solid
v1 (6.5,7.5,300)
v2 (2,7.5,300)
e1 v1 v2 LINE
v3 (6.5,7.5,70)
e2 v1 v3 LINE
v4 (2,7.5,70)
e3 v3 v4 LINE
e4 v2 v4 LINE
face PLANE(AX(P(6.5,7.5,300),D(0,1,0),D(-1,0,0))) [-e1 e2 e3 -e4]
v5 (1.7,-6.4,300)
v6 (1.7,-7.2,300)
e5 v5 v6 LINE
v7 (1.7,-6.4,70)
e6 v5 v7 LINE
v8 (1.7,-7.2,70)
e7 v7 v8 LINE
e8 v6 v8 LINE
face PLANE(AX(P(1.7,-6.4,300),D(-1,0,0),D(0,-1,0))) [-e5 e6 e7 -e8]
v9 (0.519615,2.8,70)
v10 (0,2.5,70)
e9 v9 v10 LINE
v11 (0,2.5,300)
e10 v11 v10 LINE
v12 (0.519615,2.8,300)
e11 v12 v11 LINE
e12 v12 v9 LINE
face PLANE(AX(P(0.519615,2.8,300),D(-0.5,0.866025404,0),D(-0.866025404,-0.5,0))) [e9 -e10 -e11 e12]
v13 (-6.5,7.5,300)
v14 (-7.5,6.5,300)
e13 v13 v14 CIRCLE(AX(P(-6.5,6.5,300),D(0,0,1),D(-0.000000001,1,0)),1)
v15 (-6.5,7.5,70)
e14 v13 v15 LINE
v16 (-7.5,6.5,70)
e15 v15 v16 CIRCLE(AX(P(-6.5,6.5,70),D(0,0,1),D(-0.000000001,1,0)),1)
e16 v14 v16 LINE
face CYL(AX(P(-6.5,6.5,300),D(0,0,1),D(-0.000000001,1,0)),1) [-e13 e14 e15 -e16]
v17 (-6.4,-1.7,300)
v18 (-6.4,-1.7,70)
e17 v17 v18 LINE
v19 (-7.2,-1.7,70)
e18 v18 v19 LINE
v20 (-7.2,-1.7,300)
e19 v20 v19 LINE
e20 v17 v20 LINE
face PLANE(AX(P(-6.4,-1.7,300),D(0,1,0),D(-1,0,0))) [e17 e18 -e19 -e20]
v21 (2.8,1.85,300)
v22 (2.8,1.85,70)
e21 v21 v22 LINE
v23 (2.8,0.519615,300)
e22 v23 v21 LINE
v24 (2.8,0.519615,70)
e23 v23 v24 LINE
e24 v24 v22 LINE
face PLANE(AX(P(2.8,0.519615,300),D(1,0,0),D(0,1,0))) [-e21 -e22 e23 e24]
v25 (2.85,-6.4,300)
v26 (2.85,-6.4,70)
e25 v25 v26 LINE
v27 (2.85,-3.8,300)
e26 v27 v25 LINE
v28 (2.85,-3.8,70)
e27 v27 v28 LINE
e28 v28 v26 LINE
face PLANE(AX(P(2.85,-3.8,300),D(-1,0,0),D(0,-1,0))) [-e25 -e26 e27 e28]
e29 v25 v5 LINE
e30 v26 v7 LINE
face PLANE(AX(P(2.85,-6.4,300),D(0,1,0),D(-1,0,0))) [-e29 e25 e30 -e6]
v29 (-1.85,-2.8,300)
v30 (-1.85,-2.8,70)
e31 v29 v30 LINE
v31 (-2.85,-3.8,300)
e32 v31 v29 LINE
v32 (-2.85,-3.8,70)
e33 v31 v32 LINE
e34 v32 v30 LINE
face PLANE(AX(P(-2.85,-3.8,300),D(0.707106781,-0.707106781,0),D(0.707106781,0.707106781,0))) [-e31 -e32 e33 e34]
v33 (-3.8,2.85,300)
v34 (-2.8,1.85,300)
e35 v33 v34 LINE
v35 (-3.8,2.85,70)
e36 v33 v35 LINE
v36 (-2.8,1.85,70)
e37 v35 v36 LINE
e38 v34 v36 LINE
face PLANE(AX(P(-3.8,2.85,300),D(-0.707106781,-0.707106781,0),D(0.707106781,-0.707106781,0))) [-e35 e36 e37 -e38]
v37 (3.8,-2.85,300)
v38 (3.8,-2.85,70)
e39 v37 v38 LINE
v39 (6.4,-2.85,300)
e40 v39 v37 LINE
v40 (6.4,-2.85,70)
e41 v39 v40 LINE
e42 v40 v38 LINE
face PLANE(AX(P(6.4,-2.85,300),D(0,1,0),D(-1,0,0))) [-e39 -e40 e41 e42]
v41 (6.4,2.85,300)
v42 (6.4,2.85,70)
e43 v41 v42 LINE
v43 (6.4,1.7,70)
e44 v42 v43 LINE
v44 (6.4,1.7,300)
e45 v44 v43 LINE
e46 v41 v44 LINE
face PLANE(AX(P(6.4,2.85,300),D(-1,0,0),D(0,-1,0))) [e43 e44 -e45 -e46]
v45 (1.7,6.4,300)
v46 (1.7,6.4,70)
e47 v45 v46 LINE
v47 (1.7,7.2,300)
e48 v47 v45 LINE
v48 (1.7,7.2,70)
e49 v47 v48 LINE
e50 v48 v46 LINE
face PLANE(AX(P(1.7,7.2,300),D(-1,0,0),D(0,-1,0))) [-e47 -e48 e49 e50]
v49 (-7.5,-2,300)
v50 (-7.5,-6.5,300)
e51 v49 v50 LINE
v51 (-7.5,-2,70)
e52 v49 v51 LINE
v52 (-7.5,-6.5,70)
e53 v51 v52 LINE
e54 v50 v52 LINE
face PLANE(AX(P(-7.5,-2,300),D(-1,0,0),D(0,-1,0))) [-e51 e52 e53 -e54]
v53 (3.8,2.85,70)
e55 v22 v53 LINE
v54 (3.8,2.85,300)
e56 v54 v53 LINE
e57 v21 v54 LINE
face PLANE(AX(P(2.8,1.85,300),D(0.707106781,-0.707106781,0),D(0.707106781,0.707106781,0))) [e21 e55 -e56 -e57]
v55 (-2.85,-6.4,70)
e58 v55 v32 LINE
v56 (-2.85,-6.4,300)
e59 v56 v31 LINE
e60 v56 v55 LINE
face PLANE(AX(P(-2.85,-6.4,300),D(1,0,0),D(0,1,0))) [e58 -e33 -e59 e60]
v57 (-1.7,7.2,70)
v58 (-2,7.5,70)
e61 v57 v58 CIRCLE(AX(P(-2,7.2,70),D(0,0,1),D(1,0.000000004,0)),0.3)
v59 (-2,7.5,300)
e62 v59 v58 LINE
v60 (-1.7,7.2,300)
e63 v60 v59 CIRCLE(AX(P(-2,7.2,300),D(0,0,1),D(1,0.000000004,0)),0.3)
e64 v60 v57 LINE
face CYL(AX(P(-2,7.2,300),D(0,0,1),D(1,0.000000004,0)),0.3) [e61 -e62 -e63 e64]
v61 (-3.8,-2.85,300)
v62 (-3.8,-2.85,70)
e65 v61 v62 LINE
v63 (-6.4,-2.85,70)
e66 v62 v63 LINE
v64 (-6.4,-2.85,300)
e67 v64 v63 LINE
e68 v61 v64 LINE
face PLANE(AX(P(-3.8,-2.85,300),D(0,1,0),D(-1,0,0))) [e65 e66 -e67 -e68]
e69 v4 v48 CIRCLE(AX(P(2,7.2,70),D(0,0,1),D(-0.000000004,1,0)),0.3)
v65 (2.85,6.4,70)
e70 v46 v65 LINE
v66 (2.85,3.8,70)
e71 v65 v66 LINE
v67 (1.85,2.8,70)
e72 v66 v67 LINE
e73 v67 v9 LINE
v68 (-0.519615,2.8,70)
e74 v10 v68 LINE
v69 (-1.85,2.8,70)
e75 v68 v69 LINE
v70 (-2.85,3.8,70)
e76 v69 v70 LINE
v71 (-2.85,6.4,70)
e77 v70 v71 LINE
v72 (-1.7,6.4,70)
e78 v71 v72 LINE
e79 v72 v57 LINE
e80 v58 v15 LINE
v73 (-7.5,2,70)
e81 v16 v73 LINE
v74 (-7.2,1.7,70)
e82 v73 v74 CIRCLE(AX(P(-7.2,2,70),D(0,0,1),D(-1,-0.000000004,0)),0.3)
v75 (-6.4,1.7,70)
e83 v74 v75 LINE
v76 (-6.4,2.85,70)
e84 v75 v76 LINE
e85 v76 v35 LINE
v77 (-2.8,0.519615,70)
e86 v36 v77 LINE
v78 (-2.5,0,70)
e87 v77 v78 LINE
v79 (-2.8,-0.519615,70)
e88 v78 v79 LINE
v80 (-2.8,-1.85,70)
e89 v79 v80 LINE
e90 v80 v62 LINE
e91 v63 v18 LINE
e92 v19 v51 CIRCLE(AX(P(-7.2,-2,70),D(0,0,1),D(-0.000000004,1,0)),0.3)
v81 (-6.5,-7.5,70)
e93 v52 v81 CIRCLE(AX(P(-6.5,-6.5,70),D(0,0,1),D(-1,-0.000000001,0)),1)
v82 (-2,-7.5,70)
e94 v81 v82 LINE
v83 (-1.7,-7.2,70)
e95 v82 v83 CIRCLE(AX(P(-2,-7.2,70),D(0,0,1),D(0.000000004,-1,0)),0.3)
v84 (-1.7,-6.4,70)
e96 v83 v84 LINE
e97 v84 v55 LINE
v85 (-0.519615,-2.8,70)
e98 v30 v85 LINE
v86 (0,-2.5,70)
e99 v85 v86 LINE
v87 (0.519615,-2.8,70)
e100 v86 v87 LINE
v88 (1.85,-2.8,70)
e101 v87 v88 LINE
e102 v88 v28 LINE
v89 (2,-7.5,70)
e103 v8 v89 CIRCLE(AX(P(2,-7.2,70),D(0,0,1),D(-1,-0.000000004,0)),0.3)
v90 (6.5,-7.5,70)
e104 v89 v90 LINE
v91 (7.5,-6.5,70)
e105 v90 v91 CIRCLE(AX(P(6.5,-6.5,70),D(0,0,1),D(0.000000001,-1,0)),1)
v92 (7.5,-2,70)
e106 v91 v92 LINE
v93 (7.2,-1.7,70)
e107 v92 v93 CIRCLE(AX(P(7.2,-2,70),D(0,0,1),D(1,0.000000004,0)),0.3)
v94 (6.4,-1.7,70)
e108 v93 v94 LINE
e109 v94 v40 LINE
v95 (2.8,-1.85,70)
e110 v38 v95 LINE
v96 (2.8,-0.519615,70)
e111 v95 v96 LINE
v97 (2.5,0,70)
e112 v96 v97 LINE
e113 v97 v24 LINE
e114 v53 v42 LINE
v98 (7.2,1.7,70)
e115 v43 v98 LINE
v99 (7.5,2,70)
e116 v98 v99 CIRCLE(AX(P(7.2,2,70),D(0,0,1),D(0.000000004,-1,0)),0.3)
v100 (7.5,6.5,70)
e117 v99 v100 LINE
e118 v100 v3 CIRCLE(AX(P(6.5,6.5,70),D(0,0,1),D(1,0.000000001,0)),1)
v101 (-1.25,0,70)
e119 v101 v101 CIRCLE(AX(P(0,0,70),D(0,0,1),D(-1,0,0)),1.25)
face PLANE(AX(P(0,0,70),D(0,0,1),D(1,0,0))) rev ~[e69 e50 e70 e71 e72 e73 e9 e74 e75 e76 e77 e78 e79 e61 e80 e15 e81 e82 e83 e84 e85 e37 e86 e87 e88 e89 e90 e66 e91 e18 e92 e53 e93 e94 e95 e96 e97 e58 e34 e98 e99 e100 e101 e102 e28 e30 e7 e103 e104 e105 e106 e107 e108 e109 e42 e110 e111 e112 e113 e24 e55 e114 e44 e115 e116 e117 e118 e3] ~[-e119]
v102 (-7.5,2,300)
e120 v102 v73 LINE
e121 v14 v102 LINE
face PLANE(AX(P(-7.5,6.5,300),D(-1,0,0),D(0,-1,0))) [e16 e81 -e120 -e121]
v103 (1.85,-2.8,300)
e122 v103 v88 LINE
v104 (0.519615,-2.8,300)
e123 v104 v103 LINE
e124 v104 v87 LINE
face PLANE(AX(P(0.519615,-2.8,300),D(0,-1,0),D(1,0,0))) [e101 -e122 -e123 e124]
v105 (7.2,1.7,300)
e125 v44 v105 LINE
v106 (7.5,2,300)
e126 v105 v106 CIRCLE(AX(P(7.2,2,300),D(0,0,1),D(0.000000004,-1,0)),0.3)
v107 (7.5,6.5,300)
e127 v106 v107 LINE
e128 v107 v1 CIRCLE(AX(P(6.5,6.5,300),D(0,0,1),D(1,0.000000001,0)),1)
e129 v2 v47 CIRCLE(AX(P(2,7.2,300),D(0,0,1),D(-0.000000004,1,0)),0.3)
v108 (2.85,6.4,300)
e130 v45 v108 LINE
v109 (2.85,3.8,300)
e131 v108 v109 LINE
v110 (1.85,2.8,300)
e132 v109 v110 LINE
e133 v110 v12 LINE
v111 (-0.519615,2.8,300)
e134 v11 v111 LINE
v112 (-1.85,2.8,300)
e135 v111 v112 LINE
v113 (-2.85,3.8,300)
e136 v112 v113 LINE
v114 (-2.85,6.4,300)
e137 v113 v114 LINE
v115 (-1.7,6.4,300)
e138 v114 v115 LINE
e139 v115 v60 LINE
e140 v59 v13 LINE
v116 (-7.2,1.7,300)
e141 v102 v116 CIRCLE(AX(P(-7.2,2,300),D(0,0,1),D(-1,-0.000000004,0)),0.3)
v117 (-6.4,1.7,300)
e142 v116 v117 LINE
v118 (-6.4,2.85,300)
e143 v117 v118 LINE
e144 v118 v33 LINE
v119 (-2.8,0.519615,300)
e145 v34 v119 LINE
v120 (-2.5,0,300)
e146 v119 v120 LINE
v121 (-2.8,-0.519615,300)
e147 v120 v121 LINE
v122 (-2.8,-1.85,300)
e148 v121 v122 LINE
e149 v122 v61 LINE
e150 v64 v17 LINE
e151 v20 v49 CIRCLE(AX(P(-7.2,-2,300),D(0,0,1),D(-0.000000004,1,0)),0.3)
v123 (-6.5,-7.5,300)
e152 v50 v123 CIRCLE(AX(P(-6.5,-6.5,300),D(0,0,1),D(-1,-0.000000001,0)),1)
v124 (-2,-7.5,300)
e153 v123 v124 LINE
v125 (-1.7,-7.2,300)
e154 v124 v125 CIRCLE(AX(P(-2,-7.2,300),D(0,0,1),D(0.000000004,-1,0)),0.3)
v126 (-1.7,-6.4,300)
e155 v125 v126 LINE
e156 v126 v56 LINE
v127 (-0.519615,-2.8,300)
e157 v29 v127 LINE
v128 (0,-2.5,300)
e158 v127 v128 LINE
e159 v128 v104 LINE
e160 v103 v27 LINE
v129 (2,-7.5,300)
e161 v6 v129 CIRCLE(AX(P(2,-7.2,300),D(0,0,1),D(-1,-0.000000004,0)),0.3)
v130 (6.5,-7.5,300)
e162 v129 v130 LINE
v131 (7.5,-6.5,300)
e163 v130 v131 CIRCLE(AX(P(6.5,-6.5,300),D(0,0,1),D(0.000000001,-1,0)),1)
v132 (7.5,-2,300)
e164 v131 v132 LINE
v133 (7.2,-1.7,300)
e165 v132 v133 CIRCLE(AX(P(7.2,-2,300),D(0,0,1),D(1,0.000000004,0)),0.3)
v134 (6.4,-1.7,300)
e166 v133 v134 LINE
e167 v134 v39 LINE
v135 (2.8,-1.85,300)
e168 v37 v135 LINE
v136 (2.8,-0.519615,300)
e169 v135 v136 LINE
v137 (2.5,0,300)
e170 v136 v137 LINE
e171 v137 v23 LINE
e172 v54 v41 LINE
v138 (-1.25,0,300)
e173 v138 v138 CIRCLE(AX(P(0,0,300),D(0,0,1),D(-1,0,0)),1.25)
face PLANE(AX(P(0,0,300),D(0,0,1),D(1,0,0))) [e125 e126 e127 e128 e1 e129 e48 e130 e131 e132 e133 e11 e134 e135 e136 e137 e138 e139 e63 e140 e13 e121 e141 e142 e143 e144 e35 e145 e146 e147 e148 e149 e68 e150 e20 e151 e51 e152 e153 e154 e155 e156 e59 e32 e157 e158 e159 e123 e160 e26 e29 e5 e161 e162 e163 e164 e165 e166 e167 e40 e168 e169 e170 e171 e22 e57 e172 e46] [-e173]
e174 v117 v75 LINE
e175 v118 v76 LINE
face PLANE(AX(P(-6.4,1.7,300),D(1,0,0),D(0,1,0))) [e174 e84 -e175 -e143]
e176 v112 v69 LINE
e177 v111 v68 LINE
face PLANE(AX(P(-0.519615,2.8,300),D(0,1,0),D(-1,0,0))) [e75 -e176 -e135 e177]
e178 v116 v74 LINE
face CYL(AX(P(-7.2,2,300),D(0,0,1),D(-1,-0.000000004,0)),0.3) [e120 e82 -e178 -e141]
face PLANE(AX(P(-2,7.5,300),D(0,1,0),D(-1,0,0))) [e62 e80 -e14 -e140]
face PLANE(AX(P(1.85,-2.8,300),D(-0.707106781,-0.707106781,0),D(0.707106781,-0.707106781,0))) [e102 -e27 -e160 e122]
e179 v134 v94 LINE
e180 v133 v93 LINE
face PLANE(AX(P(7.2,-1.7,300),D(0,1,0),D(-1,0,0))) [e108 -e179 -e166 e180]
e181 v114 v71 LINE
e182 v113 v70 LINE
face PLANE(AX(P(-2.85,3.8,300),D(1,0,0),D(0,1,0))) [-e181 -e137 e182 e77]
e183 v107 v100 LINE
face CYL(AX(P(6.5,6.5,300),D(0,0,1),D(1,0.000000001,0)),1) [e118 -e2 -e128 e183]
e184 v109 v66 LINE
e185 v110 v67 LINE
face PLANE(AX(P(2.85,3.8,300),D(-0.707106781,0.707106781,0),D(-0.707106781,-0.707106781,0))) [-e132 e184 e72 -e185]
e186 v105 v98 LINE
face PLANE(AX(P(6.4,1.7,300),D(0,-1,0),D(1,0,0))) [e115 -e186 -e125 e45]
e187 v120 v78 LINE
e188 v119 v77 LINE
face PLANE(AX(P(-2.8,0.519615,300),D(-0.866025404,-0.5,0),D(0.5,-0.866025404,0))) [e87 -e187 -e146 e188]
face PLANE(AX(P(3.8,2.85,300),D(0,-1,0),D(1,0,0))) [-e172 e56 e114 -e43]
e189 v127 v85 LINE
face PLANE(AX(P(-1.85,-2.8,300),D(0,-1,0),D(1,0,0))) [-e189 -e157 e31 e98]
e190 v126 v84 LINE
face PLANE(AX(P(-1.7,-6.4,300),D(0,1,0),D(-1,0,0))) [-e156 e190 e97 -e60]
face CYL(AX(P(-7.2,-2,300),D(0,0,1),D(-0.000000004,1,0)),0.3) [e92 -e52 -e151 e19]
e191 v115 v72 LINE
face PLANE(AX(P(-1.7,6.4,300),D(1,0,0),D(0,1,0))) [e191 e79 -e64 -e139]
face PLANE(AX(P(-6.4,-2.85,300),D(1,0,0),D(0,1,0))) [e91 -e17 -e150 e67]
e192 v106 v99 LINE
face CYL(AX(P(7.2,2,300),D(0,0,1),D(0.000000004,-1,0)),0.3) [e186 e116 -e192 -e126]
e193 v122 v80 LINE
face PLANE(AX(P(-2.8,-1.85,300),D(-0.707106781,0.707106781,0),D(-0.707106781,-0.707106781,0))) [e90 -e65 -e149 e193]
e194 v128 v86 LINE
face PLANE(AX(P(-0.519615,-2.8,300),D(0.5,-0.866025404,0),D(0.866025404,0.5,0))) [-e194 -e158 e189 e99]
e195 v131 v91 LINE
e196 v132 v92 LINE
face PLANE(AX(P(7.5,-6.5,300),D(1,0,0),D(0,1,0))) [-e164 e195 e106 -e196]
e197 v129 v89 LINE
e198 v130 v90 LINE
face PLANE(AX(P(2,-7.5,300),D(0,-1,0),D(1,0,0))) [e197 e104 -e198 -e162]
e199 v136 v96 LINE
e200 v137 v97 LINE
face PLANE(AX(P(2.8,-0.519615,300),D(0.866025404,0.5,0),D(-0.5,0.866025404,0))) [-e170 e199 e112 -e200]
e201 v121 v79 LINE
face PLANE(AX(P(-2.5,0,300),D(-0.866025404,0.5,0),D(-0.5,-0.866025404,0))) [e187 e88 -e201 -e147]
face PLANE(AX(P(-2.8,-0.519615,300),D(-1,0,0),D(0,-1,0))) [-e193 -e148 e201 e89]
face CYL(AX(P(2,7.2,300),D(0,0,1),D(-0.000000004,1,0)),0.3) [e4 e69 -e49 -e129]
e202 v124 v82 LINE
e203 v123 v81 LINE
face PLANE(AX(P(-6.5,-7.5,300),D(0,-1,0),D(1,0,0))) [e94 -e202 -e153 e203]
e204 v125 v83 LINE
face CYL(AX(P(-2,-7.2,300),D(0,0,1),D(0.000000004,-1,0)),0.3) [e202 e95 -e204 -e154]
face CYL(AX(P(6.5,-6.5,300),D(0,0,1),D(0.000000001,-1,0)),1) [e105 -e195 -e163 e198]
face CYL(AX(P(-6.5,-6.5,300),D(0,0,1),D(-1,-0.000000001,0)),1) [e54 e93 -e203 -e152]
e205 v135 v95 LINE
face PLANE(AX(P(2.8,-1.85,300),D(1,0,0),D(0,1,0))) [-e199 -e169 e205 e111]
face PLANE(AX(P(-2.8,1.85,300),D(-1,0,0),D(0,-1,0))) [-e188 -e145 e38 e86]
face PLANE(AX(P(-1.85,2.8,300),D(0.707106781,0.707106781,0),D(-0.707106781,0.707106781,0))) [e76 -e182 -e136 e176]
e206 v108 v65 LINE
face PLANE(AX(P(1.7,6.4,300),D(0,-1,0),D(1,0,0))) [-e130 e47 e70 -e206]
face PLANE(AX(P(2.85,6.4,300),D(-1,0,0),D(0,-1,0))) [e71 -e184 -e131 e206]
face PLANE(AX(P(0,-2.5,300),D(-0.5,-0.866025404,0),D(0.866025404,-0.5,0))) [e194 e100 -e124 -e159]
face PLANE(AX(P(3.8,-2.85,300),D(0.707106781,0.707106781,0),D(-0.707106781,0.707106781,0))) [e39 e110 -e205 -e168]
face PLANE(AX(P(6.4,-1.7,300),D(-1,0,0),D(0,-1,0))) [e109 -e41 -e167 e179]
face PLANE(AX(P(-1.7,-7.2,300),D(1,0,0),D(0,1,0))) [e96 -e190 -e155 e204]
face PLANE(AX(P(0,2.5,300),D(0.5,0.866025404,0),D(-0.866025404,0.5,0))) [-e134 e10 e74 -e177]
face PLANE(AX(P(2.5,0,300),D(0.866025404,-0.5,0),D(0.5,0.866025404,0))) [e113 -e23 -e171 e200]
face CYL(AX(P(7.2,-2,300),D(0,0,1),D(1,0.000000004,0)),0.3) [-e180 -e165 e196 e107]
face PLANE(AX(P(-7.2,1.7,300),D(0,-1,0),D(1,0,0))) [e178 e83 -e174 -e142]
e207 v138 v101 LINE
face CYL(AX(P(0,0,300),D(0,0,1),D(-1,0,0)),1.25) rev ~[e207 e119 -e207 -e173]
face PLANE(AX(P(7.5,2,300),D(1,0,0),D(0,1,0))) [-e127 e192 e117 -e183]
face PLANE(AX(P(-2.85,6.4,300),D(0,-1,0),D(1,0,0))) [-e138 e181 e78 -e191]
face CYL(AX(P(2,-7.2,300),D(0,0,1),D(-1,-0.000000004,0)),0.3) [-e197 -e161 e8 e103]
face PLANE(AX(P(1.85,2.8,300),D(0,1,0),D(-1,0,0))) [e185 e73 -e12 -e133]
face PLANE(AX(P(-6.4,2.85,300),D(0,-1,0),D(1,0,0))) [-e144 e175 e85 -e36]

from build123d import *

# Parameters (mm, degrees)
SKETCH1_R           = 1.25
BOSS_EXTRUDE1_DEPTH = 230


with BuildPart() as part:
    # Sketch1 → Boss-Extrude1 (new body)
    with BuildSketch(Plane.XY.offset(300)):
        with BuildLine():
            Line((-7.5, 6.5), (-7.5, 2))
            ThreePointArc((-7.5, 2), (-7.412132034, 1.787867966), (-7.2, 1.7))
            Line((-7.2, 1.7), (-6.4, 1.7))
            Line((-6.4, 1.7), (-6.4, 2.85))
            Line((-6.4, 2.85), (-3.8, 2.85))
            Line((-3.8, 2.85), (-2.8, 1.85))
            Line((-2.8, 1.85), (-2.8, 0.519615242))
            Line((-2.8, 0.519615242), (-2.5, 0))
            Line((-2.5, 0), (-2.8, -0.519615242))
            Line((-2.8, -0.519615242), (-2.8, -1.85))
            Line((-2.8, -1.85), (-3.8, -2.85))
            Line((-3.8, -2.85), (-6.4, -2.85))
            Line((-6.4, -2.85), (-6.4, -1.7))
            Line((-6.4, -1.7), (-7.2, -1.7))
            ThreePointArc((-7.2, -1.7), (-7.412132034, -1.787867966), (-7.5, -2))
            Line((-7.5, -2), (-7.5, -6.5))
            ThreePointArc((-7.5, -6.5), (-7.207106781, -7.207106781), (-6.5, -7.5))
            Line((-6.5, -7.5), (-2, -7.5))
            ThreePointArc((-2, -7.5), (-1.787867966, -7.412132034), (-1.7, -7.2))
            Line((-1.7, -7.2), (-1.7, -6.4))
            Line((-1.7, -6.4), (-2.85, -6.4))
            Line((-2.85, -6.4), (-2.85, -3.8))
            Line((-2.85, -3.8), (-1.85, -2.8))
            Line((-1.85, -2.8), (-0.519615242, -2.8))
            Line((-0.519615242, -2.8), (0, -2.5))
            Line((0, -2.5), (0.519615242, -2.8))
            Line((0.519615242, -2.8), (1.85, -2.8))
            Line((1.85, -2.8), (2.85, -3.8))
            Line((2.85, -3.8), (2.85, -6.4))
            Line((2.85, -6.4), (1.7, -6.4))
            Line((1.7, -6.4), (1.7, -7.2))
            ThreePointArc((1.7, -7.2), (1.787867966, -7.412132034), (2, -7.5))
            Line((2, -7.5), (6.5, -7.5))
            ThreePointArc((6.5, -7.5), (7.207106781, -7.207106781), (7.5, -6.5))
            Line((7.5, -6.5), (7.5, -2))
            ThreePointArc((7.5, -2), (7.412132034, -1.787867966), (7.2, -1.7))
            Line((7.2, -1.7), (6.4, -1.7))
            Line((6.4, -1.7), (6.4, -2.85))
            Line((6.4, -2.85), (3.8, -2.85))
            Line((3.8, -2.85), (2.8, -1.85))
            Line((2.8, -1.85), (2.8, -0.519615242))
            Line((2.8, -0.519615242), (2.5, 0))
            Line((2.5, 0), (2.8, 0.519615242))
            Line((2.8, 0.519615242), (2.8, 1.85))
            Line((2.8, 1.85), (3.8, 2.85))
            Line((3.8, 2.85), (6.4, 2.85))
            Line((6.4, 2.85), (6.4, 1.7))
            Line((6.4, 1.7), (7.2, 1.7))
            ThreePointArc((7.2, 1.7), (7.412132034, 1.787867966), (7.5, 2))
            Line((7.5, 2), (7.5, 6.5))
            ThreePointArc((7.5, 6.5), (7.207106781, 7.207106781), (6.5, 7.5))
            Line((6.5, 7.5), (2, 7.5))
            ThreePointArc((2, 7.5), (1.787867966, 7.412132034), (1.7, 7.2))
            Line((1.7, 7.2), (1.7, 6.4))
            Line((1.7, 6.4), (2.85, 6.4))
            Line((2.85, 6.4), (2.85, 3.8))
            Line((2.85, 3.8), (1.85, 2.8))
            Line((1.85, 2.8), (0.519615242, 2.8))
            Line((0.519615242, 2.8), (0, 2.5))
            Line((0, 2.5), (-0.519615242, 2.8))
            Line((-0.519615242, 2.8), (-1.85, 2.8))
            Line((-1.85, 2.8), (-2.85, 3.8))
            Line((-2.85, 3.8), (-2.85, 6.4))
            Line((-2.85, 6.4), (-1.7, 6.4))
            Line((-1.7, 6.4), (-1.7, 7.2))
            ThreePointArc((-1.7, 7.2), (-1.787867966, 7.412132034), (-2, 7.5))
            Line((-2, 7.5), (-6.5, 7.5))
            ThreePointArc((-6.5, 7.5), (-7.207106781, 7.207106781), (-7.5, 6.5))
        make_face()
        with Locations(Location((0, 0, 0), (0, 0, 180))):
            Circle(SKETCH1_R, mode=Mode.SUBTRACT)
    extrude(amount=-BOSS_EXTRUDE1_DEPTH)


solid = part.part
